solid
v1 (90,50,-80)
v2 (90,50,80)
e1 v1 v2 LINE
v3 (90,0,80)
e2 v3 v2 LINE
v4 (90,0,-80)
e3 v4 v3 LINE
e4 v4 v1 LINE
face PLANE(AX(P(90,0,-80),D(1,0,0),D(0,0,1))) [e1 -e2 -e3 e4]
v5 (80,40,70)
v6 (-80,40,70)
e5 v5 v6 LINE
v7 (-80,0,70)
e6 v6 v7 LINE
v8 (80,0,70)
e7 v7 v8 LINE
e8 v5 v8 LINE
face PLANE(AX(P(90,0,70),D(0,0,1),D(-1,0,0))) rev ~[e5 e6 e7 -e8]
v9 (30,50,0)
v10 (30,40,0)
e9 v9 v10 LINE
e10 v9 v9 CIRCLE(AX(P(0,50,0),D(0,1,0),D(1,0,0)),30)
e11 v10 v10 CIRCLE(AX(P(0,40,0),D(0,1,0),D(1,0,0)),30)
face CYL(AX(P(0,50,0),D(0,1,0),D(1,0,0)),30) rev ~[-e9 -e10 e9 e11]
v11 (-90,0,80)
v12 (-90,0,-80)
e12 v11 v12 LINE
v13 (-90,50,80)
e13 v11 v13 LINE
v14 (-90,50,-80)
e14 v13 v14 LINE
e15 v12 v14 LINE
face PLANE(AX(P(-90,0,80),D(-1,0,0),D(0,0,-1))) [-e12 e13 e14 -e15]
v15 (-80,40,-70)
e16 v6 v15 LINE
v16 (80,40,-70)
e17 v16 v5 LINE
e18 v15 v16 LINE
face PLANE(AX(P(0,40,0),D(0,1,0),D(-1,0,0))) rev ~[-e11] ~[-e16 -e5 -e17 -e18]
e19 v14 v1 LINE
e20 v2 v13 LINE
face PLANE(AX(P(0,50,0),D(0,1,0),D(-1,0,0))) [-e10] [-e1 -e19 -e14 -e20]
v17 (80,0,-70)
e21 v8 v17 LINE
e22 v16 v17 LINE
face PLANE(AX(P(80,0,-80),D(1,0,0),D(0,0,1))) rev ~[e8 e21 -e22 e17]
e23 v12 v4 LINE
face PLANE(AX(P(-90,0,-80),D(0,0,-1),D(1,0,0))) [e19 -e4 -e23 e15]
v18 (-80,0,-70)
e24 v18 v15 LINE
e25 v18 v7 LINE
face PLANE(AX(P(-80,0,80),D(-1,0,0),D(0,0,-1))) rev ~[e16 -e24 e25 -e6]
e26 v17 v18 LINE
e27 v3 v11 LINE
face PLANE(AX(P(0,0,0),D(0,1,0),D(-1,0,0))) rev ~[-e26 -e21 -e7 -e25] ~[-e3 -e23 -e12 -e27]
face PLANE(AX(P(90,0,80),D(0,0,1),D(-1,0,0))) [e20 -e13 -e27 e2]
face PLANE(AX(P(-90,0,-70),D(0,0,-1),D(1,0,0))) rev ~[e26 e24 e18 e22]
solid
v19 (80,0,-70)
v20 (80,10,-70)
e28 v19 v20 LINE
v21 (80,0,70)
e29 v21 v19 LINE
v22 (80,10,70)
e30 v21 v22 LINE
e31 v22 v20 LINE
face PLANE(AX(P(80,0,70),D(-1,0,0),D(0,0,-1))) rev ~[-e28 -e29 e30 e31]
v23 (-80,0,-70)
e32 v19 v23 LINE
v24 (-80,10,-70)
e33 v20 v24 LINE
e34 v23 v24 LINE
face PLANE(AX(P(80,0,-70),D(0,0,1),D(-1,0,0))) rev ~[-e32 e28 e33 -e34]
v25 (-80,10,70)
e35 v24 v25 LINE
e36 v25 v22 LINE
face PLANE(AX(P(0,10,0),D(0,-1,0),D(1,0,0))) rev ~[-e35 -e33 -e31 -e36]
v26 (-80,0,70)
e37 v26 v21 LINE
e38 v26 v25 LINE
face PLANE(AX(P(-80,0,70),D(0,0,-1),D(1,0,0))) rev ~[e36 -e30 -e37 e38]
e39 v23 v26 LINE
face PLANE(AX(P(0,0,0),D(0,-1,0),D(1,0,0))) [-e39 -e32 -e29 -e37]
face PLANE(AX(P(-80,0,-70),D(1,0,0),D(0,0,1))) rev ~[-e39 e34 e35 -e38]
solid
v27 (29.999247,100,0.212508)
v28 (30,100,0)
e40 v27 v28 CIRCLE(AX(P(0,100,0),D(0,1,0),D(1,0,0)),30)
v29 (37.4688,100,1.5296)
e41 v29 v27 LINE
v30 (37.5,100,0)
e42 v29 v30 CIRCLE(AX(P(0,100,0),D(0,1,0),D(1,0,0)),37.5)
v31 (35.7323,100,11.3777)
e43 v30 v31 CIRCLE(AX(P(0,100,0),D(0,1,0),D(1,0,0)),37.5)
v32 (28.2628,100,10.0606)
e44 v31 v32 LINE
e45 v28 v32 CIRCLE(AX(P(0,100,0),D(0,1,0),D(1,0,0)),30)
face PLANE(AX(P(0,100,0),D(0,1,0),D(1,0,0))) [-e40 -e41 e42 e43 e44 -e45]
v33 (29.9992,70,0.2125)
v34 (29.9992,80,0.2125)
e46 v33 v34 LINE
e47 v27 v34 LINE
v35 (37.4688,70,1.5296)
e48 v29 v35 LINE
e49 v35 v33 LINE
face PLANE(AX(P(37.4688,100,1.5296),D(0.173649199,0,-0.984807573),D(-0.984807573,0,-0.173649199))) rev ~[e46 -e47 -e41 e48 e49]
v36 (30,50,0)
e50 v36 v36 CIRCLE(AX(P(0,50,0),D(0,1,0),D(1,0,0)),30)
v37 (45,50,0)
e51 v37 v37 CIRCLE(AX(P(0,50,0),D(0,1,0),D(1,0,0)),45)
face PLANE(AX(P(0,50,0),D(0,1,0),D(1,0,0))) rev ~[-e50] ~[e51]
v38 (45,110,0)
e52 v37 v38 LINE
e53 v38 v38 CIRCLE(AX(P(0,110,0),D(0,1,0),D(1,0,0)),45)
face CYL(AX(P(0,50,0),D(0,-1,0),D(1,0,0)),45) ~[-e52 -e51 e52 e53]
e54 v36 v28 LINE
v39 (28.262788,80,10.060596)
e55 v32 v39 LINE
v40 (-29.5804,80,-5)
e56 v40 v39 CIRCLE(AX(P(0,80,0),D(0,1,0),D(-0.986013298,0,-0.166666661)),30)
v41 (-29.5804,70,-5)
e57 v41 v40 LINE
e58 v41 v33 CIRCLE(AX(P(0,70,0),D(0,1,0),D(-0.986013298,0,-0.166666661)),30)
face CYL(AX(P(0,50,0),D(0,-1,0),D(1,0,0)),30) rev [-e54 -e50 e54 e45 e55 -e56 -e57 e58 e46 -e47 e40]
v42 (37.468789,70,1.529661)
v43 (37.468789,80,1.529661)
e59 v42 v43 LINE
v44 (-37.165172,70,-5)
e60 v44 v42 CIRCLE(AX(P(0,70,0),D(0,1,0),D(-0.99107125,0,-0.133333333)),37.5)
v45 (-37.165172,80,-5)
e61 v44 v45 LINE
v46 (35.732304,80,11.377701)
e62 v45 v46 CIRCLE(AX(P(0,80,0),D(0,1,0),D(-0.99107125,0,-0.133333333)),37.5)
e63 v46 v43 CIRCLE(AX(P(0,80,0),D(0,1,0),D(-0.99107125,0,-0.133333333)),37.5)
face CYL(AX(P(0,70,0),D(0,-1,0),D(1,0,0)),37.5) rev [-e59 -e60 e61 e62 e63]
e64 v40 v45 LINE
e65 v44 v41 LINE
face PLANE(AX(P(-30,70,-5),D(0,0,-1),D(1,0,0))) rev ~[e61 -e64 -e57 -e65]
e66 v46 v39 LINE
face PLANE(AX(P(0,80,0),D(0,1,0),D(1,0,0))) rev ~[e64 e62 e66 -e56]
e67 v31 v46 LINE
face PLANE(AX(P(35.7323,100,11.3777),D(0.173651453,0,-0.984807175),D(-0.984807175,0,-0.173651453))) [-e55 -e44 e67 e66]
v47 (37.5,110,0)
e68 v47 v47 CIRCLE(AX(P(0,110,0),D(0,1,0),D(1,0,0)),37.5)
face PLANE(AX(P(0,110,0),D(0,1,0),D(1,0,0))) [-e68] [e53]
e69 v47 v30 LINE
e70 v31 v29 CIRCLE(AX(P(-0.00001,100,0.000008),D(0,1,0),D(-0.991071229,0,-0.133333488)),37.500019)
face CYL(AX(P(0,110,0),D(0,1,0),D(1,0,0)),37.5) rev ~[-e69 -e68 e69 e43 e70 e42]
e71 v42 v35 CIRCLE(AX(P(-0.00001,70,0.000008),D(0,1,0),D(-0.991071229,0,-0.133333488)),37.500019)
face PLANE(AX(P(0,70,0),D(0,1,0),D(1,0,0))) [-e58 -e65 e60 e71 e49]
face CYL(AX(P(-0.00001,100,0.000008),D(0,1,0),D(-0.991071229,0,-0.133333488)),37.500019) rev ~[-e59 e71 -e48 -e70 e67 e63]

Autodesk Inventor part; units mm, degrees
ref_plane "YZ Plane" through (0, 0, 0) normal (1, 0, 0) x (0, 1, 0)
ref_plane "XZ Plane" through (0, 0, 0) normal (0, 1, 0) x (-1, 0, 0)
ref_plane "XY Plane" through (0, 0, 0) normal (0, 0, 1) x (1, 0, 0)
sketch "Sketch2" plane through (0, 0, 0) normal (0, 1, 0) x (-1, 0, 0)
  line L0 (90, -80) -> (-90, -80)
  line L1 (-90, -80) -> (-90, 80)
  line L2 (-90, 80) -> (90, 80)
  line L3 (90, 80) -> (90, -80)
  line L4 (90, -80) -> (-90, 80) construction
  line L5 (-90, -80) -> (90, 80) construction
  point P0 (0, 0)
  dimension "d0" = 180
  dimension "d1" = 160
extrude "Extrusion1" add sketch "Sketch2" along normal blind 50
shell "Shell1" thickness 10 removed faces 1 at (30, 0, -26.6667)
sketch "Sketch4" plane through (0, 0, 0) normal (0, -1, 0) x (1, 0, 0)
  line L0 (-80, 70) -> (80, 70) projected
  line L1 (-80, -70) -> (-80, 70) projected
  line L2 (80, -70) -> (-80, -70) projected
  line L3 (80, 70) -> (80, -70) projected
  point P0 (0, 0)
extrude "Extrusion3" add sketch "Sketch4" against normal blind 10 separate body
sketch "Sketch5" plane through (0, 50, 0) normal (0, 1, 0) x (1, 0, 0)
  circle A0 centre (0, 0) radius 30
  circle A1 centre (0, 0) radius 45
  dimension "d9" = 60
  dimension "d10" = 90
extrude "Extrusion4" add sketch "Sketch5" along normal blind 60 separate body
extrude "Extrusion5" cut sketch "Sketch5" against normal blind 120 contours A0 bodies 1
ref_plane "Work Plane1" through (0, 100, 0) normal (0, 1, 0) x (1, 0, 0)
sketch "Sketch6" plane through (0, 110, 0) normal (0, 1, 0) x (1, 0, 0)
  circle A0 centre (0, 0) radius 30 projected
  circle A1 centre (0, 0) radius 37.5
  dimension "d16" = 75
extrude "Extrusion6" cut sketch "Sketch6" against normal blind 10 bodies 3
ref_plane "Work Plane2" through (0, 70, 0) normal (0, 1, 0) x (1, 0, 0)
sketch "Sketch8" plane through (0, 70, 0) normal (0, 1, 0) x (1, 0, 0)
  circle A0 centre (0, 0) radius 37.5 projected
  circle A1 centre (0, 0) radius 30 projected
  line L0 (0, 0) -> (29.5442, -5.2094)
  circle A2 centre (0, 0) radius 30 projected
  line L1 (0, 0) -> (30, 0) construction
  line L2 (29.5442, -5.2094) -> (36.9303, -6.5118)
  line L3 (0, 0) -> (-30, 0)
  circle A3 centre (0, 0) radius 30 projected
  line L4 (-30, 0) -> (-30, 5)
  line L5 (-30, 5) -> (-37.5, 5)
  line L6 (-37.5, 5) -> (-37.5, 0)
  line L7 (-37.5, 0) -> (-30, 0)
  line L8 (29.5442, -5.2094) -> (36.9303, -6.5118)
  line L9 (36.9303, -6.5118) -> (37.7985, -1.5878)
  line L10 (37.7985, -1.5878) -> (30.4125, -0.2854)
  line L11 (30.4125, -0.2854) -> (29.5442, -5.2094)
  arc A4 (-30, 0) -> (29.5442, -5.2094) centre (0, 0) ccw
  arc A5 (-37.5, 0) -> (36.9303, -6.5118) centre (0, 0) ccw
  line L12 (-30, 5) -> (-29.5804, 5)
  line L13 (30.4125, -0.2854) -> (29.9992, -0.2125)
  point P0 (37.4688, -1.5296)
  point P1 (-37.1652, 5)
  dimension "d20" = 10
  dimension "d21" = 5
  dimension "d22" = 5
extrude "Extrusion7" cut sketch "Sketch8" along normal blind 10 contours L7 A1 L2 A0 | A0 L5 L4 L7 | L2 L11 L10 A0 | L4 L12 A1 | A1 L13 L11 bodies 3
sketch "Sketch9" plane through (0, 100, 0) normal (0, 1, 0) x (1, 0, 0)
  line L0 (37.4688, -1.5296) -> (29.9992, -0.2125) projected
  arc A0 (-29.5804, 5) -> (29.9992, -0.2125) centre (0, 0) ccw projected
  line L1 (-29.5804, 5) -> (-37.1652, 5) projected
  arc A1 (-37.1652, 5) -> (37.4688, -1.5296) centre (0, 0) ccw projected
  line L2 (29.9992, -0.2125) -> (37.4688, -1.5296)
  line L3 (37.4688, -1.5296) -> (35.7323, -11.3777)
  line L4 (35.7323, -11.3777) -> (28.2628, -10.0606)
  line L5 (28.2628, -10.0606) -> (29.9992, -0.2125)
  line L6 (35.7323, -11.3777) -> (35.7323, -11.3777)
  circle A2 centre (0, 0) radius 37.5 projected
  point P0 (36.9303, -6.5118)
  point P1 (28.2628, -10.0606)
  dimension "d25" = 10
extrude "Extrusion9" cut sketch "Sketch9" against normal up to surface (30 mm away) contours L3 L4 A0 L0 | A1 L3 bodies 3
properties part number "BrakeCover"
